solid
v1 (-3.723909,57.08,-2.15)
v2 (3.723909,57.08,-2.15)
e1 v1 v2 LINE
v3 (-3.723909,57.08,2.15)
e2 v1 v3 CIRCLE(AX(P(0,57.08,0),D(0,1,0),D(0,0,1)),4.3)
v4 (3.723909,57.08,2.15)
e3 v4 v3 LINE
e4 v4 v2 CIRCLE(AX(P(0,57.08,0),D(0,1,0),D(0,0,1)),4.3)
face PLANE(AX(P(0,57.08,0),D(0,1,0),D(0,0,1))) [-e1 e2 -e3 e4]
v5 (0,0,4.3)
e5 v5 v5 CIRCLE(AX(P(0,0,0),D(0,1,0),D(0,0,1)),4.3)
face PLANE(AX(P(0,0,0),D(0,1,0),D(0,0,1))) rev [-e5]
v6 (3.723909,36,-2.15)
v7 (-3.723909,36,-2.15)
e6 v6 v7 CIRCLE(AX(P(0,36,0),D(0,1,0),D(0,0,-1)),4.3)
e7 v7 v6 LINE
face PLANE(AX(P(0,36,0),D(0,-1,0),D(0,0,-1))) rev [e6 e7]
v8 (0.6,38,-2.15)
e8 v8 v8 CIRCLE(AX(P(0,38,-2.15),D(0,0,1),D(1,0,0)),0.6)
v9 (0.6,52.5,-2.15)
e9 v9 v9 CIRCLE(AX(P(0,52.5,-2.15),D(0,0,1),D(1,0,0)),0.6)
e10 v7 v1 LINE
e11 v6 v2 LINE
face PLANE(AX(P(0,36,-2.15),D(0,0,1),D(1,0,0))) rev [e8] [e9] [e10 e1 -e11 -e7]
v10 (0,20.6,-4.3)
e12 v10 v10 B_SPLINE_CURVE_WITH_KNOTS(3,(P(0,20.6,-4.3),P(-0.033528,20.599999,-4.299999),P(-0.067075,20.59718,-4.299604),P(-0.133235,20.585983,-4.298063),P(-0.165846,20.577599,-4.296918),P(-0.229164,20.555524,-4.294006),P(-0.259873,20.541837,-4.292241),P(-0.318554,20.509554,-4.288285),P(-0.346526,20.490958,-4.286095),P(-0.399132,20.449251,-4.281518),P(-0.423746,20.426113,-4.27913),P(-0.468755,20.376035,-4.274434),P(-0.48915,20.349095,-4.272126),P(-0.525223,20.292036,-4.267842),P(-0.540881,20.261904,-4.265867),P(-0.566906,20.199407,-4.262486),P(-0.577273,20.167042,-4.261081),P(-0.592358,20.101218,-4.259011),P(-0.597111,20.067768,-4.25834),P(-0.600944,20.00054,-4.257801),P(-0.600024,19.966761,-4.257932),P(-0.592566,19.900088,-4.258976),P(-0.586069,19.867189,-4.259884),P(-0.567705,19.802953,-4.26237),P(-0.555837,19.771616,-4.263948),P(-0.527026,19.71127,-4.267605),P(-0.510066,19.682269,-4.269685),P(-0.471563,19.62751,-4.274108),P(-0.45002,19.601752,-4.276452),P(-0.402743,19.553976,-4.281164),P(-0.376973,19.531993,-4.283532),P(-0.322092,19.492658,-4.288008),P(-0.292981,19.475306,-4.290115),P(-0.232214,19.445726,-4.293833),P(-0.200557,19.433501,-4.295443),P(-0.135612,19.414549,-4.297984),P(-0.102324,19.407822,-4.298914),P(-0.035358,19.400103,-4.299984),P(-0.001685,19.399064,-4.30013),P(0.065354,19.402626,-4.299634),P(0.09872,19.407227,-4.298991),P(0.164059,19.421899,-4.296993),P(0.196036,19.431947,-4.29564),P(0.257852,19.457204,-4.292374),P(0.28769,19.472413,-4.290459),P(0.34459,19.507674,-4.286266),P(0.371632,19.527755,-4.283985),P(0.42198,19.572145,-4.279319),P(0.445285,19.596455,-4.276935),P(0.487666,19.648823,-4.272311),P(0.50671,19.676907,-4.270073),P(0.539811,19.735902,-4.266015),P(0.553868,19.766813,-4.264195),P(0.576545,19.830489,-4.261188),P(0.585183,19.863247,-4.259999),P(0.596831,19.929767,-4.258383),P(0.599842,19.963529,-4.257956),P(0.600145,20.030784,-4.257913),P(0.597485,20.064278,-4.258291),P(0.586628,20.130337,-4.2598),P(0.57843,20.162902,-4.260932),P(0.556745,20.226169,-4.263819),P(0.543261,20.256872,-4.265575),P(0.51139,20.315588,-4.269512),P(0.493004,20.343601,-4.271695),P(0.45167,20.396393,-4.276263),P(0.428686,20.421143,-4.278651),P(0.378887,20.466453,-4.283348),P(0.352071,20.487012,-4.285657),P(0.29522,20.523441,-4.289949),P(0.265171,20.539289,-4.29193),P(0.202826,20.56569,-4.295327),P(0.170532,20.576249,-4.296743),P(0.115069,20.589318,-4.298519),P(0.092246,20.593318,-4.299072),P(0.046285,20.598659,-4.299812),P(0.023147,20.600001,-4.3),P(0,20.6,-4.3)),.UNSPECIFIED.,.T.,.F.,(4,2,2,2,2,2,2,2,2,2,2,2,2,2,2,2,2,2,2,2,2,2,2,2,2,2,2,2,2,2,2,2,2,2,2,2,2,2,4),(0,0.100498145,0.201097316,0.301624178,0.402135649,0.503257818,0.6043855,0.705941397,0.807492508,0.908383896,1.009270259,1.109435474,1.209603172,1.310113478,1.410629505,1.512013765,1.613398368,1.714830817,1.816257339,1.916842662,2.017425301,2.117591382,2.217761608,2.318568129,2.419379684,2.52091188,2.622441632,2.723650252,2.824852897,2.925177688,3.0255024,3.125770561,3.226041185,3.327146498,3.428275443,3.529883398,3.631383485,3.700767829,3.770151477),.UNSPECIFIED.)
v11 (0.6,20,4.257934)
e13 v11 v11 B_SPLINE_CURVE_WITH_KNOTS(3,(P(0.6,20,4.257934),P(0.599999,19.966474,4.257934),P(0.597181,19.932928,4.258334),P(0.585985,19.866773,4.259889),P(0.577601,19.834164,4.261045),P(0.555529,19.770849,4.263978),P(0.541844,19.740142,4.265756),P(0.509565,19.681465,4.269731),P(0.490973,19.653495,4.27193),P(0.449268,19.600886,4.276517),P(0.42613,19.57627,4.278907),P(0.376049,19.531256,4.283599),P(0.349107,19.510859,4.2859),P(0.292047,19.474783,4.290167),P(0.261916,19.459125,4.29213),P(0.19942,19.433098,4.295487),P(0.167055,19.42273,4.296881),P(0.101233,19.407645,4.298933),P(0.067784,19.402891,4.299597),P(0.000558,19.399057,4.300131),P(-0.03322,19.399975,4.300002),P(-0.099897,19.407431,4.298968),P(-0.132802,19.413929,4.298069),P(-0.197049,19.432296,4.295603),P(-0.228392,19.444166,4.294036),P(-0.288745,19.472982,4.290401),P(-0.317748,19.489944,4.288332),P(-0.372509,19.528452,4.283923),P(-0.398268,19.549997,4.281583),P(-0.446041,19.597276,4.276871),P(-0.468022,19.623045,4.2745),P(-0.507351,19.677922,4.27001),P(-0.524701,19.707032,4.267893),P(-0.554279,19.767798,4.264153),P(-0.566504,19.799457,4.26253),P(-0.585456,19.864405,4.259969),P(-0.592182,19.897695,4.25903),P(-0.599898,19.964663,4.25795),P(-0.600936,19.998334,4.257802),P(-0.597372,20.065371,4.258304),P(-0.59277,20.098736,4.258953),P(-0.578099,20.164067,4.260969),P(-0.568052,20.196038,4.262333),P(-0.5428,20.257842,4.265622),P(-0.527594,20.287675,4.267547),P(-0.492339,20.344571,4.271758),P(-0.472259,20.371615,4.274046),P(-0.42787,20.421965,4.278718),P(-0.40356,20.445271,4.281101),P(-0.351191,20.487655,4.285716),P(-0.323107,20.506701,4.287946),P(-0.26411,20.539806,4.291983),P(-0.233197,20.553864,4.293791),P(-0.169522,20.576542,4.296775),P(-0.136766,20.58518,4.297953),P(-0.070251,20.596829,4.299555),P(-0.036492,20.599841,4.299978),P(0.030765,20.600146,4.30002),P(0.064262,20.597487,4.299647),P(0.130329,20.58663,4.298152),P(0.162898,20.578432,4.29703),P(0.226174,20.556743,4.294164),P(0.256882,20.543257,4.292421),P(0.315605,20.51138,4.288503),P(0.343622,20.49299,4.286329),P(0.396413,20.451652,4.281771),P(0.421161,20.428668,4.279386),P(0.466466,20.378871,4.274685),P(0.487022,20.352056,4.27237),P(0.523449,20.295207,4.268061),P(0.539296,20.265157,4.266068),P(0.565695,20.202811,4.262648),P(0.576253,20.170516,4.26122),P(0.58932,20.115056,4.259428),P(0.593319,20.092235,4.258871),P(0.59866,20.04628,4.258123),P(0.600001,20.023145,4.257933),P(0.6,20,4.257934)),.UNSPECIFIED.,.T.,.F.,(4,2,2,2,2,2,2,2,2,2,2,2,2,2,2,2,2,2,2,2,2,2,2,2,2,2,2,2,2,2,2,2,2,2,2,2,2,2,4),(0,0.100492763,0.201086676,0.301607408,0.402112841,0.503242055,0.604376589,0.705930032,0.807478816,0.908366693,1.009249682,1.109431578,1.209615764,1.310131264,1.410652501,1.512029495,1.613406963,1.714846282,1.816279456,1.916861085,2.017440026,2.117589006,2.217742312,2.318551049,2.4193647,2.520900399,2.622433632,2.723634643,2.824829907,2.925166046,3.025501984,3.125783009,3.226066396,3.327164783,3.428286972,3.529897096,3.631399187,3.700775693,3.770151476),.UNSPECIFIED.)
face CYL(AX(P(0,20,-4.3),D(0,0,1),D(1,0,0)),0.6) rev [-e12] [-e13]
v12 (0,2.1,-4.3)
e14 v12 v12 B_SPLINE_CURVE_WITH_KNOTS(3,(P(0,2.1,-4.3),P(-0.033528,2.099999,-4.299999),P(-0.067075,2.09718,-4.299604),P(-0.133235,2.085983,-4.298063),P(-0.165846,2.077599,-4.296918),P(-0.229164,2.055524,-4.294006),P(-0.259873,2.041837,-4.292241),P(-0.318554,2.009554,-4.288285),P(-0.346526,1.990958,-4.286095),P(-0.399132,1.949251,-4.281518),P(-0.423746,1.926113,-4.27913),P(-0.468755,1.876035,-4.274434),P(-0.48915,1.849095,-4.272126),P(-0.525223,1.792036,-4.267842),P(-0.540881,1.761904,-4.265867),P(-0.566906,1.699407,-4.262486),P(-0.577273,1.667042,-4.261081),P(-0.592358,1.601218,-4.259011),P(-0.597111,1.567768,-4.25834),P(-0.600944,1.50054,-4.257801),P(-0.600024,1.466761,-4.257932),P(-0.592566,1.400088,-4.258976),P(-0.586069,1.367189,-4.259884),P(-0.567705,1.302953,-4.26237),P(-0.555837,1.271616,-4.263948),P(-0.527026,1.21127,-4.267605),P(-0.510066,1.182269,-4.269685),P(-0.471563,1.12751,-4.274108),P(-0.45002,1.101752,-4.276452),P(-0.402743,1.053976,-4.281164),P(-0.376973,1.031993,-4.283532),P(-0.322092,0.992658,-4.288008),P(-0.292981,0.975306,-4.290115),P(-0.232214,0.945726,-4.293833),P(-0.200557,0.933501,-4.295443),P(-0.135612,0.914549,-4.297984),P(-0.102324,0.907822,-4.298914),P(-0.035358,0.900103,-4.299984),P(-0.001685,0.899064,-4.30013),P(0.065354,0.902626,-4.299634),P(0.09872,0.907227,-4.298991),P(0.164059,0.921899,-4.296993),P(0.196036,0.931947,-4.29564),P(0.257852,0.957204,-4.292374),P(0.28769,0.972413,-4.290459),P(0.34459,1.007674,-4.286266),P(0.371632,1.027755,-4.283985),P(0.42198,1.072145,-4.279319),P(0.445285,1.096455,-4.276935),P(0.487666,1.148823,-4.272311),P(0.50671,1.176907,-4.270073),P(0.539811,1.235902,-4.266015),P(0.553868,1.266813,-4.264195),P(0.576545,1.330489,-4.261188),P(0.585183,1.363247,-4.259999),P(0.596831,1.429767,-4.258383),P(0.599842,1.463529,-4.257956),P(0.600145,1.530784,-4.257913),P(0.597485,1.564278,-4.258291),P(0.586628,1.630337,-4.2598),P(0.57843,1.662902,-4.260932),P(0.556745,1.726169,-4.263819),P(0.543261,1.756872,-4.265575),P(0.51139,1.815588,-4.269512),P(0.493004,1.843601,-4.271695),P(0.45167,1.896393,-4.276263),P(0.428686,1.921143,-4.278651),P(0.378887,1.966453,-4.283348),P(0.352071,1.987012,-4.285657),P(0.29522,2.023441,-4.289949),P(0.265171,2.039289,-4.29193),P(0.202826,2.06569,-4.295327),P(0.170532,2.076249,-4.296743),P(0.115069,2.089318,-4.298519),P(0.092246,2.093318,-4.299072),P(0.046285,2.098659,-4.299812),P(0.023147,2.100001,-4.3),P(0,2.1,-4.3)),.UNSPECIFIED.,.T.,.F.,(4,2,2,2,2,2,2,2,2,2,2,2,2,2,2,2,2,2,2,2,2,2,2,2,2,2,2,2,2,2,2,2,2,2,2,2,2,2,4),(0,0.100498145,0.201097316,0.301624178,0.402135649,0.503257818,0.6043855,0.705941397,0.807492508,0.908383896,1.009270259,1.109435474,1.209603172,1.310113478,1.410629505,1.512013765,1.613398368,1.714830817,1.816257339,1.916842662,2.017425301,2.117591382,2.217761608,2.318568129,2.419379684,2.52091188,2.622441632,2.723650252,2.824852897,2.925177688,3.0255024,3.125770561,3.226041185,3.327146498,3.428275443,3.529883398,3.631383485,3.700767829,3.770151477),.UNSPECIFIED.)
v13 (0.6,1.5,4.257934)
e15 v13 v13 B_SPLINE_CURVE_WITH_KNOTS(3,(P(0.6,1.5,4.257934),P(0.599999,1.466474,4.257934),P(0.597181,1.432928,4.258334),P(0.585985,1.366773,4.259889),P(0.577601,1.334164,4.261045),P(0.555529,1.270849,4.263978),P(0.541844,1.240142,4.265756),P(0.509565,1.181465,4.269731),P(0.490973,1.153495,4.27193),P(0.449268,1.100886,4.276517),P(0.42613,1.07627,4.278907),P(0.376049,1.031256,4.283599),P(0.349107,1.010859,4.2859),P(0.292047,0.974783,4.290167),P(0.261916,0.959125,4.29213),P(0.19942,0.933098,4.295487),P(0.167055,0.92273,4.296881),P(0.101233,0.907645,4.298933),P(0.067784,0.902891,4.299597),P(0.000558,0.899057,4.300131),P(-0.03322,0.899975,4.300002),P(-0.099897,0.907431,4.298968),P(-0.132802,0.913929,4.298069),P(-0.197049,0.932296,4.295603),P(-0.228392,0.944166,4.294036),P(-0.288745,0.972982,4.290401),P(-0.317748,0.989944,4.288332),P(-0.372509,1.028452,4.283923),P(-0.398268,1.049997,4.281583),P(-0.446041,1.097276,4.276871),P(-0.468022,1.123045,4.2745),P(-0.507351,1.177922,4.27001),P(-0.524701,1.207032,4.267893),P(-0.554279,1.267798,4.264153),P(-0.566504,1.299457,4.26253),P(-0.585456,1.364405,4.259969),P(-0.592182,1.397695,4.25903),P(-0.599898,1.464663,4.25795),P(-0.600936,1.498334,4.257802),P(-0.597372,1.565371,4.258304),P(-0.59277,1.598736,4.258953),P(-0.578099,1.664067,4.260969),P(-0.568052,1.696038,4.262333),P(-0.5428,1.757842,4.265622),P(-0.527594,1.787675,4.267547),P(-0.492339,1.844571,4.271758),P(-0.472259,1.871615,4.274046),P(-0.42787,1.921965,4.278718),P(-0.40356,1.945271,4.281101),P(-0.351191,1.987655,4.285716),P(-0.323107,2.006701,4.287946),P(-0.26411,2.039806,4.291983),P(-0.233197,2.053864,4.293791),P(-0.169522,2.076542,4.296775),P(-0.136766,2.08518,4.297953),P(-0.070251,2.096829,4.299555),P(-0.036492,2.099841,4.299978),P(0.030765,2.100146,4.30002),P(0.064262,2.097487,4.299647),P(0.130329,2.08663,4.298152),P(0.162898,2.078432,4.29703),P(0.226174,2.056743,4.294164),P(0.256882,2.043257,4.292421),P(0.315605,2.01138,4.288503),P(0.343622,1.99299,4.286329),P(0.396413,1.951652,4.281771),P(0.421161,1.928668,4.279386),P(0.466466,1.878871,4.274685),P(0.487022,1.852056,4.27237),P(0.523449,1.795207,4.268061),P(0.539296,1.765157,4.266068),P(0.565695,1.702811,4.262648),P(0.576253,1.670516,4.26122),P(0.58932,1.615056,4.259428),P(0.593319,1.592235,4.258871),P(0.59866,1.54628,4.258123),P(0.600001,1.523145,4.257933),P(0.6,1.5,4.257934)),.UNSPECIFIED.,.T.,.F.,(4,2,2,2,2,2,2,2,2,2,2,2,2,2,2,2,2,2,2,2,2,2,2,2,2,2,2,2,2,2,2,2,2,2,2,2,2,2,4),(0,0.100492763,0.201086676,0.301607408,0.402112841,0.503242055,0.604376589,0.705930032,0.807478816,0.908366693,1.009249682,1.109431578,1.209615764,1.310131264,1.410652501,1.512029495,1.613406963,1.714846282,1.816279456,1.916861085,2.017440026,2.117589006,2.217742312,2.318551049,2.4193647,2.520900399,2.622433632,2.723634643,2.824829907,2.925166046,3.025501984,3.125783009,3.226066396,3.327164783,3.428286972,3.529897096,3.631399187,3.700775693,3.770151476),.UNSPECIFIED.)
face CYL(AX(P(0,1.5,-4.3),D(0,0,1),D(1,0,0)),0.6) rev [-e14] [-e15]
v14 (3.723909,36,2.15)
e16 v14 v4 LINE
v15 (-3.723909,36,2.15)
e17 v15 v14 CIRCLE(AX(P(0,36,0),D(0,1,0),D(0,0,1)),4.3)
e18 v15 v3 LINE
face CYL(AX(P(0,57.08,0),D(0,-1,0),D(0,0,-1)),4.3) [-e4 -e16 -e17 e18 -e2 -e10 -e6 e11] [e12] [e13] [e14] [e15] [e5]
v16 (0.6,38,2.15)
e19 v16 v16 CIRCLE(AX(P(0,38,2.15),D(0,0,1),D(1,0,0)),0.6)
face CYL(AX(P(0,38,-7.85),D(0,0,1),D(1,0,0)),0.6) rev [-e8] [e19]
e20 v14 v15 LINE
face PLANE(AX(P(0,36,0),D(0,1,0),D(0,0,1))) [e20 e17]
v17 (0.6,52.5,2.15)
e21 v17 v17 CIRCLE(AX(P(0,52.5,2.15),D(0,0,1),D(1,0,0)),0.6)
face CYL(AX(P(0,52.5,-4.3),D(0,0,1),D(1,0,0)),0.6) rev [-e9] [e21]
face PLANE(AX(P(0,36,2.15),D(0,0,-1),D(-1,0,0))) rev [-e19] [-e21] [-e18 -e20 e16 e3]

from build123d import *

# Parameters (mm, degrees)
SKETCH2_R               = 4.3
BOSS_EXTRUDE2_DEPTH     = 57.08
CUT_EXTRUDE2_DEPTH      = 21.08
SKETCH6_R               = 0.6
CUT_EXTRUDE3_DEPTH      = 5.3
CUT_EXTRUDE3_DEPTH_BACK = 5.3
SKETCH7_R               = 0.6
CUT_EXTRUDE4_DEPTH      = 10
SKETCH8_R               = 0.6
CUT_EXTRUDE5_DEPTH      = 5.3000001
CUT_EXTRUDE5_DEPTH_BACK = 5.3000001
SKETCH9_R               = 0.6
CUT_EXTRUDE6_DEPTH      = 7.4500001


with BuildPart() as part:
    # Sketch2 → Boss-Extrude2 (new body)
    with BuildSketch(Plane(origin=(0, 0, 0), x_dir=(1, 0, 0), z_dir=(0, 1, 0))):
        Circle(SKETCH2_R)
    extrude(amount=BOSS_EXTRUDE2_DEPTH)

    # Sketch4 → Cut-Extrude2 (cut)
    with BuildSketch(Plane(origin=(0, 57.08, 0), x_dir=(1, 0, 0), z_dir=(0, 1, 0))):
        with BuildLine():
            Line((0, 2.15), (-3.723909236, 2.15))
            ThreePointArc((-3.723909236, 2.15), (0, 4.3), (3.723909236, 2.15))
            Line((3.723909236, 2.15), (0, 2.15))
        make_face()
        with BuildLine():
            Line((0, -2.15), (-3.723909236, -2.15))
            ThreePointArc((-3.723909236, -2.15), (0, -4.3), (3.723909236, -2.15))
            Line((3.723909236, -2.15), (0, -2.15))
        make_face()
    extrude(amount=-CUT_EXTRUDE2_DEPTH, mode=Mode.SUBTRACT)

    # Sketch6 → Cut-Extrude3 (cut, two sides)
    with BuildSketch(Plane.XY) as cut_extrude3_sk:
        with Locations((0, 1.5)):
            Circle(SKETCH6_R)
    extrude(amount=CUT_EXTRUDE3_DEPTH, mode=Mode.SUBTRACT)
    extrude(cut_extrude3_sk.sketch, amount=-CUT_EXTRUDE3_DEPTH_BACK, mode=Mode.SUBTRACT)

    # Sketch7 → Cut-Extrude4 (cut)
    with BuildSketch(Plane.XY.offset(2.15)):
        with Locations((0, 38)):
            Circle(SKETCH7_R)
    extrude(amount=-CUT_EXTRUDE4_DEPTH, mode=Mode.SUBTRACT)

    # Sketch8 → Cut-Extrude5 (cut, two sides)
    with BuildSketch(Plane.XY) as cut_extrude5_sk:
        with Locations((0, 20)):
            Circle(SKETCH8_R)
    extrude(amount=CUT_EXTRUDE5_DEPTH, mode=Mode.SUBTRACT)
    extrude(cut_extrude5_sk.sketch, amount=-CUT_EXTRUDE5_DEPTH_BACK, mode=Mode.SUBTRACT)

    # Sketch9 → Cut-Extrude6 (cut, through all)
    with BuildSketch(Plane.XY.offset(2.15)):
        with Locations((0, 52.5)):
            Circle(SKETCH9_R)
    extrude(amount=-CUT_EXTRUDE6_DEPTH, mode=Mode.SUBTRACT)


solid = part.part
